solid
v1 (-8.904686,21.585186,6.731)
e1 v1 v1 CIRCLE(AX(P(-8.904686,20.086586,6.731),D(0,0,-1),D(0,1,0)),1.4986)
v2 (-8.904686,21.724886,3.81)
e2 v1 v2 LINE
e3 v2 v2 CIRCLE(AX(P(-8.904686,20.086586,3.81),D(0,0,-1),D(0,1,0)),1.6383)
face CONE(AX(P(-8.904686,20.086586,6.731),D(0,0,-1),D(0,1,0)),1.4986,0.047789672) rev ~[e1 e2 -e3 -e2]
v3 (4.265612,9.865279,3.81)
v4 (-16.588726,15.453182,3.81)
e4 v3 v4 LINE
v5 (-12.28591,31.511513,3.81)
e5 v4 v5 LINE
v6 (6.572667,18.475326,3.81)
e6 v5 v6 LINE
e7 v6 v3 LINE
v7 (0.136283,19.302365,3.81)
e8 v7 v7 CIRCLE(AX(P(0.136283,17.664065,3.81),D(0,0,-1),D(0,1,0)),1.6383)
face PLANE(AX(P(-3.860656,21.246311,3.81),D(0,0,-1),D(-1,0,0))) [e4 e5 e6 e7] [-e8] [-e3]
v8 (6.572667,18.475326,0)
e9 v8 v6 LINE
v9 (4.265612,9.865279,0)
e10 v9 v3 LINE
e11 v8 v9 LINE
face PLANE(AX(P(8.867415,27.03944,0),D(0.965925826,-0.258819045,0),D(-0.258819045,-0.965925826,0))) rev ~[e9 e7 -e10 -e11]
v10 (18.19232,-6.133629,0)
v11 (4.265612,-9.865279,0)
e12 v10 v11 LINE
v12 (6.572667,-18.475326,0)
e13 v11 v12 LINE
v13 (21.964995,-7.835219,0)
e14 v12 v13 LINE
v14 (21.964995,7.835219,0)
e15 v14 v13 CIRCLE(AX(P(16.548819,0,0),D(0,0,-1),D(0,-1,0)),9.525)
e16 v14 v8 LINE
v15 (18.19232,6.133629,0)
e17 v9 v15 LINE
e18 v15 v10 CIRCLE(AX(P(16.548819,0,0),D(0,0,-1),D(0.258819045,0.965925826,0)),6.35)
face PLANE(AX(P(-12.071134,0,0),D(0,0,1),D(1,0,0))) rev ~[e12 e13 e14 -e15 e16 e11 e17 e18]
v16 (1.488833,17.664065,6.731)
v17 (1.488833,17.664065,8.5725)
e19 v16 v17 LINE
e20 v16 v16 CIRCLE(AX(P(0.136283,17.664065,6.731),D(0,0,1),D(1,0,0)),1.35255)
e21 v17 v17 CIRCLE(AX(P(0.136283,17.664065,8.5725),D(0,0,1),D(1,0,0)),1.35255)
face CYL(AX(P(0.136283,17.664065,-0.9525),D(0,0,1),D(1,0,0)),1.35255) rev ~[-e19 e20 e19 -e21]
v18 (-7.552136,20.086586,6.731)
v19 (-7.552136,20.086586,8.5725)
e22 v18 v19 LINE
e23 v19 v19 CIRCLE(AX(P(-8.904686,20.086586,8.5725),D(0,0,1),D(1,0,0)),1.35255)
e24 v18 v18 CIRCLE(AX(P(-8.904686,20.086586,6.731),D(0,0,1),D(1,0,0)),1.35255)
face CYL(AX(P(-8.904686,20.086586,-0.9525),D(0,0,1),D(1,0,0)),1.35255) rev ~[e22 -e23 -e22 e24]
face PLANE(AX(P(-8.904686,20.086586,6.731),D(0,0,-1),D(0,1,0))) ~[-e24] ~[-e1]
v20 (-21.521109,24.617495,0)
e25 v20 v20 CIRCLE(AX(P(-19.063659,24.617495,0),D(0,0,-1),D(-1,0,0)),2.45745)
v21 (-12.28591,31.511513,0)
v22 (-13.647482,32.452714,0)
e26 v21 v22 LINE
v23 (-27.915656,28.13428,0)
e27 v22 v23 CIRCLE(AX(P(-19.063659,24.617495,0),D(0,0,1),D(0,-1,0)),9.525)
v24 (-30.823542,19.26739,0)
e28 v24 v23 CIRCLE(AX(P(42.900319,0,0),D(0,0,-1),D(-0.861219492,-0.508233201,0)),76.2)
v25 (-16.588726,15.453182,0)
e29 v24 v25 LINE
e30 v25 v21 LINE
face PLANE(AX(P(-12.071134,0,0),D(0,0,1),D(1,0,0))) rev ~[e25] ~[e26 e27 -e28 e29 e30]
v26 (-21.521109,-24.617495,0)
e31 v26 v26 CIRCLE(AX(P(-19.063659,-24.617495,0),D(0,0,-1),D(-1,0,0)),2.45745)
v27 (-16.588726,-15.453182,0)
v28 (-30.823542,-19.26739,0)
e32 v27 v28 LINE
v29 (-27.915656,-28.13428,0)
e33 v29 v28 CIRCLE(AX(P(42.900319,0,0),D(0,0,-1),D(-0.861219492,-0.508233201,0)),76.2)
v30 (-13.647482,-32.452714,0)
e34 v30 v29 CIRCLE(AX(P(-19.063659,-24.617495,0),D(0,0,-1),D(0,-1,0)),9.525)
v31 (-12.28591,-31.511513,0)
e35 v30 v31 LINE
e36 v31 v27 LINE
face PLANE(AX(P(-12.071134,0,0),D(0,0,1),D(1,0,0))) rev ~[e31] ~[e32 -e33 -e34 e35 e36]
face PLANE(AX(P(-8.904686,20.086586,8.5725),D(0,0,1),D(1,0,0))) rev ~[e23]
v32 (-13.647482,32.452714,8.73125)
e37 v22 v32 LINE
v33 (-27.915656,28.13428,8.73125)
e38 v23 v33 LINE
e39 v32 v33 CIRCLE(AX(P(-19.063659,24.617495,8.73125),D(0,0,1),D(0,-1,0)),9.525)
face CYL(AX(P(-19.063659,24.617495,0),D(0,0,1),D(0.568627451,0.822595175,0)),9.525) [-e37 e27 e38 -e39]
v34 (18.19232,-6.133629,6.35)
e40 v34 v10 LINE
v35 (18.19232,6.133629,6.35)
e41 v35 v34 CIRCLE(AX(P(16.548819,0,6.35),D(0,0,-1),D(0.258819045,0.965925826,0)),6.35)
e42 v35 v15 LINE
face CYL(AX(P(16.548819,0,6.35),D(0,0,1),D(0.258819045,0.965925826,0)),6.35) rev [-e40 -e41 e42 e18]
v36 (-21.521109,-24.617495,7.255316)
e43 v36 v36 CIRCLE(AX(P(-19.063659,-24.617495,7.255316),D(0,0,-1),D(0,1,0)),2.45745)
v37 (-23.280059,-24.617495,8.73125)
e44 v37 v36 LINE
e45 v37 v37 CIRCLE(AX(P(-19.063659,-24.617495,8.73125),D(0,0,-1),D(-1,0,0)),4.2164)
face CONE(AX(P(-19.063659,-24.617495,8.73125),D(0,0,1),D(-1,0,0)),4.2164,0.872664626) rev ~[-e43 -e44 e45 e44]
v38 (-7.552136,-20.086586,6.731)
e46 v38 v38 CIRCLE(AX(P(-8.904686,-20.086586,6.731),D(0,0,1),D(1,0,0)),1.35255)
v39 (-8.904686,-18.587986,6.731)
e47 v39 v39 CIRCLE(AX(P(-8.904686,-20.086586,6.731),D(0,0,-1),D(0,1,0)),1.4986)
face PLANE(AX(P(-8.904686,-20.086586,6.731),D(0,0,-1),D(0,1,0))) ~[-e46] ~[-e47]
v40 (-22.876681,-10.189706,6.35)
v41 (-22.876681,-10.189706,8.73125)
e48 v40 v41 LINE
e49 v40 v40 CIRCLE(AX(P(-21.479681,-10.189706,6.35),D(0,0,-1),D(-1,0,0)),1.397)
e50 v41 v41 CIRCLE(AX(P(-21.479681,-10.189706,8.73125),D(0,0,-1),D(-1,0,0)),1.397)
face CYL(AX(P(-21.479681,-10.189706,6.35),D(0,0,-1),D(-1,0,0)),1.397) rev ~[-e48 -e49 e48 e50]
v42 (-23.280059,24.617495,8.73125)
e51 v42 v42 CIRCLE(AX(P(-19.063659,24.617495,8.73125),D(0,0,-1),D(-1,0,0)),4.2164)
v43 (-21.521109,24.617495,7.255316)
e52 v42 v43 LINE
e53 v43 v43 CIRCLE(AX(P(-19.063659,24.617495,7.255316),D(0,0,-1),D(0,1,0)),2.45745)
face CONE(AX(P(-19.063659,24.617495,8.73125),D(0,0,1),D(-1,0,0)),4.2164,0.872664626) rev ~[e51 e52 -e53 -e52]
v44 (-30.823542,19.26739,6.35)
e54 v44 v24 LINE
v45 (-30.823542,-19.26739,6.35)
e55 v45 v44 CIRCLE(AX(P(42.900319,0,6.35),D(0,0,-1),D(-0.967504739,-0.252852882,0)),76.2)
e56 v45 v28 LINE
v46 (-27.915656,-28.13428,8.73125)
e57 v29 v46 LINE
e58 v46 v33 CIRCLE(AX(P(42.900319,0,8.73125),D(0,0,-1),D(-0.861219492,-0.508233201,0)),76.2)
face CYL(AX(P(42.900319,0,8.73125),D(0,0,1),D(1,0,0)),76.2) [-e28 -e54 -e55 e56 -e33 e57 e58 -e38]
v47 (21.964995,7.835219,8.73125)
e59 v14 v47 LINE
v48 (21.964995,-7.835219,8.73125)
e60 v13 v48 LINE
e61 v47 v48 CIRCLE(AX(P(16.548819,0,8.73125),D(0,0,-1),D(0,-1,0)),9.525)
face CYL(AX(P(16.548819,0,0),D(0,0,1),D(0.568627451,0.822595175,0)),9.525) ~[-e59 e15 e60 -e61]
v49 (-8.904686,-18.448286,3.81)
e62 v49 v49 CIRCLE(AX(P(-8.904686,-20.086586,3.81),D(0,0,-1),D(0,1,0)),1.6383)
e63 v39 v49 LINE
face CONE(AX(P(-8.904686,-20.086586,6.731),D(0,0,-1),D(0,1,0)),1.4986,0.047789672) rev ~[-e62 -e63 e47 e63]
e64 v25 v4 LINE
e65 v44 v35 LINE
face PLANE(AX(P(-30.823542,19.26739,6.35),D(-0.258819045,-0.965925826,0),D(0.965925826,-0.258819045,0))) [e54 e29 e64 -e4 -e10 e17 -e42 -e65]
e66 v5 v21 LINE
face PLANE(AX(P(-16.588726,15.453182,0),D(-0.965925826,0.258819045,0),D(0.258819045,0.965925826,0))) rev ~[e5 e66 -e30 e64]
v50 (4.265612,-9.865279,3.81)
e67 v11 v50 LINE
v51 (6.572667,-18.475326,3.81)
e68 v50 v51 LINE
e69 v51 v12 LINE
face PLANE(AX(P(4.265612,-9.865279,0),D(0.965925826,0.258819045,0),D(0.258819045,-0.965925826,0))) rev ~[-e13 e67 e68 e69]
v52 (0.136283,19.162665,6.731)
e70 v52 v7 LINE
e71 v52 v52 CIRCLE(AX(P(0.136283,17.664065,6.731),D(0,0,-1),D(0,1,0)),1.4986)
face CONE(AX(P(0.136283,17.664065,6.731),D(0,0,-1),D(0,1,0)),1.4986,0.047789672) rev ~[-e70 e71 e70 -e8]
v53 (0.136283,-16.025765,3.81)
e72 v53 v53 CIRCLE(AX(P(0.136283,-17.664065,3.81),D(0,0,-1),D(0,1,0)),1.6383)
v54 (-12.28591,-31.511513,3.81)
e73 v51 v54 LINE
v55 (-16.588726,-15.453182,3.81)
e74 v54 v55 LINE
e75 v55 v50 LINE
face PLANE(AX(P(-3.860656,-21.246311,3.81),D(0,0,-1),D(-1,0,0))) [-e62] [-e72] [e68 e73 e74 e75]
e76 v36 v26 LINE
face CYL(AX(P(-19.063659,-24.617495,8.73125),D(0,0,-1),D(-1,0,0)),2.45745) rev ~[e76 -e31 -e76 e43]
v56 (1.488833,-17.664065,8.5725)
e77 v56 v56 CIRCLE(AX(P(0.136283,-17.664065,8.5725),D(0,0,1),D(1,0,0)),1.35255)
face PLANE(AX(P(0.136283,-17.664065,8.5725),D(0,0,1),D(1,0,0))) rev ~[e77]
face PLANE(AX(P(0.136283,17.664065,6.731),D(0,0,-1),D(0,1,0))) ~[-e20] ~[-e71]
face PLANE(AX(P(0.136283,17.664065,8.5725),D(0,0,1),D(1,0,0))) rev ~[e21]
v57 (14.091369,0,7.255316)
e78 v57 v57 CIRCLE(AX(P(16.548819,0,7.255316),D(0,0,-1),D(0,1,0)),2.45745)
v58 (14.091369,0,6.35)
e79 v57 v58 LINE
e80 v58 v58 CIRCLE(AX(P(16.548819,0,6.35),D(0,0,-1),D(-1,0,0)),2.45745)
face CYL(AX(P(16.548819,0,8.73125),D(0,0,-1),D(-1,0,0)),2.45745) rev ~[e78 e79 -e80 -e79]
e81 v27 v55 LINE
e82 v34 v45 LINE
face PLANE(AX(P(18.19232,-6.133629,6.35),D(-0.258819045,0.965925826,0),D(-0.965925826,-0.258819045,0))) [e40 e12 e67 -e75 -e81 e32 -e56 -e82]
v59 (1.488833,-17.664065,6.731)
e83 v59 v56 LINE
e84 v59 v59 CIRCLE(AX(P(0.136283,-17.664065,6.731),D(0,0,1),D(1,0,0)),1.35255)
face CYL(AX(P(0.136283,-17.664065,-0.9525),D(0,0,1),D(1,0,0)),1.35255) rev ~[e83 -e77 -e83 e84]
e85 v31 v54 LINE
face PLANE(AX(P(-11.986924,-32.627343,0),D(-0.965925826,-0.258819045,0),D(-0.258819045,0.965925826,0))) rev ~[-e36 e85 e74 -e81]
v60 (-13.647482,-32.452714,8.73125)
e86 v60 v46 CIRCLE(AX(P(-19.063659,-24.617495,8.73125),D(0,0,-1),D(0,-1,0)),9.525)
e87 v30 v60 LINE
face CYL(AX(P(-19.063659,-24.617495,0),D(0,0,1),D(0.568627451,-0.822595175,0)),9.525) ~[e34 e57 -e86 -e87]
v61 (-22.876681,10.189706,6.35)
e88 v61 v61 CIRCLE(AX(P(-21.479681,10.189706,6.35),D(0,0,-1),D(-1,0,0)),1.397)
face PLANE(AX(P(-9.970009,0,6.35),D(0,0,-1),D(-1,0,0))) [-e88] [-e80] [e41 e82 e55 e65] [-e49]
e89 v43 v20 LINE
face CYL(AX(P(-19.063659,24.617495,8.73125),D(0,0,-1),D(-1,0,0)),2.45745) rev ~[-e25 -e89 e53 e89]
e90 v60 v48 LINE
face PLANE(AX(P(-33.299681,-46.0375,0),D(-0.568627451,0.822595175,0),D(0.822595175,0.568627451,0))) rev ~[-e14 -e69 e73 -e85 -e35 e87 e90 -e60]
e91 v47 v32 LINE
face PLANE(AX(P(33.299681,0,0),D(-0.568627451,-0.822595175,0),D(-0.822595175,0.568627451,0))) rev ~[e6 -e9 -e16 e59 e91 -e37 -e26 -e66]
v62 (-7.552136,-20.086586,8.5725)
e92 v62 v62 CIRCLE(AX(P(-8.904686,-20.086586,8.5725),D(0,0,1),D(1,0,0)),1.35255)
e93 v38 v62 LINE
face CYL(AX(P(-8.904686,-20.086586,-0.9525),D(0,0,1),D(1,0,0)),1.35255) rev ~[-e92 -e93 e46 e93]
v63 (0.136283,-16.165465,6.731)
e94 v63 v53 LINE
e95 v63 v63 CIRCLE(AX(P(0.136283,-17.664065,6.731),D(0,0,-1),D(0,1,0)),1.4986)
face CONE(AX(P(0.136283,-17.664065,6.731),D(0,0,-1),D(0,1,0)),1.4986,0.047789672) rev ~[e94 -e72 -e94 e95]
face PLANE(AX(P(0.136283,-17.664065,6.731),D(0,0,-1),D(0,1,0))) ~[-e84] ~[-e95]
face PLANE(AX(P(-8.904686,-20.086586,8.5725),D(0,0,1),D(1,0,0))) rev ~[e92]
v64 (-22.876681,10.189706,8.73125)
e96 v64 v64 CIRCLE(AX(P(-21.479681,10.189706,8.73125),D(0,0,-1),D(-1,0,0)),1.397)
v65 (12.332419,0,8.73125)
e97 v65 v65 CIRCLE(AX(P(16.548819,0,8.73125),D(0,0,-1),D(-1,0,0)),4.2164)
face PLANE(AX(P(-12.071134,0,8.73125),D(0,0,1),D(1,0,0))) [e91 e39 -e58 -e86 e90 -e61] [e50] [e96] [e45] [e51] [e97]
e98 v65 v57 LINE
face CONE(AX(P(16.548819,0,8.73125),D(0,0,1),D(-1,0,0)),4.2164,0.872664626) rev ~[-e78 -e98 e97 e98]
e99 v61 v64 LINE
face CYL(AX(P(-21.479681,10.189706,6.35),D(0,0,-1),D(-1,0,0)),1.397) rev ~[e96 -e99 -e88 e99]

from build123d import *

# Parameters (mm, degrees)
BOSS_EXTRUDE1_DEPTH                               = 8.73125
SKETCH2_R                                         = 101.6
SKETCH2_R_2                                       = 76.2
CUT_EXTRUDE1_DEPTH                                = 58.485257961
FILLET1_R                                         = 9.525
CSK_FOR_8_FLAT_HEAD_MACHINE_SCREW_100_D           = 4.9149
CSK_FOR_8_FLAT_HEAD_MACHINE_SCREW_100_CSINK_D     = 8.4328
CSK_FOR_8_FLAT_HEAD_MACHINE_SCREW_100_CSINK_ANGLE = 100
CUT_EXTRUDE2_START                                = -6.35
CUT_EXTRUDE2_DEPTH                                = 6.35
CUT_EXTRUDE3_DEPTH                                = 3.81
SKETCH7_R                                         = 1.397
CUT_EXTRUDE4_DEPTH                                = 3.175
HOLE1_AT_2_COUNT                                  = 2
HOLE1_AT_2_PITCH                                  = 9.3599
HOLE1_AT_3_COUNT                                  = 2
HOLE1_AT_3_PITCH                                  = 38.818175673
HOLE1_AT_4_COUNT                                  = 2
HOLE1_AT_4_PITCH                                  = 40.17317123
F_2_CLEARANCE_HOLE1_D                             = 2.7051
F_2_CLEARANCE_HOLE1_DEPTH                         = 4.7625


with BuildPart() as part:
    # Sketch1 → Boss-Extrude1 (new body)
    with BuildSketch(Plane.XY):
        Polygon((33.299680929, 0), (-33.299680929, 46.0375), (-33.299680929, -46.0375), align=None)
    extrude(amount=BOSS_EXTRUDE1_DEPTH)

    # Sketch2 → Cut-Extrude1 (cut, through all)
    with BuildSketch(Plane.XY.offset(8.73125)):
        with Locations((42.900319071, 0)):
            Circle(SKETCH2_R)
        with Locations((42.900319071, 0)):
            Circle(SKETCH2_R_2, mode=Mode.SUBTRACT)
    extrude(amount=-CUT_EXTRUDE1_DEPTH, mode=Mode.SUBTRACT)

    # Fillet1
    fillet1_edges = [part.edges().sort_by_distance(p)[0] for p in [
        (-22.72460624, -38.727369881, 4.365625),
        (-22.72460624, 38.727369881, 4.365625),
        (33.299680929, 0, 4.365625),
    ]]
    fillet(fillet1_edges, radius=FILLET1_R)

    # CSK for #8 Flat Head Machine Screw (100)1 (through all)
    with Locations(Plane.XY.offset(8.73125)):
        with Locations((-19.063658953, -24.617494846), (-19.063658953, 24.617494846), (16.54881886, 0)):
            CounterSinkHole(CSK_FOR_8_FLAT_HEAD_MACHINE_SCREW_100_D / 2, CSK_FOR_8_FLAT_HEAD_MACHINE_SCREW_100_CSINK_D / 2, counter_sink_angle=CSK_FOR_8_FLAT_HEAD_MACHINE_SCREW_100_CSINK_ANGLE)

    # Sketch5 → Cut-Extrude2 (cut)
    with BuildSketch(Plane(origin=(0, 0, 0), x_dir=(-1, 0, 0), z_dir=(0, 0, -1)).offset(CUT_EXTRUDE2_START)):
        with BuildLine():
            Line((30.823542048, 19.267389595), (-18.192319797, 6.133628997))
            ThreePointArc((-18.192319797, 6.133628997), (-22.89881886, 0), (-18.192319797, -6.133628997))
            Line((-18.192319797, -6.133628997), (30.823542048, -19.267389595))
            ThreePointArc((30.823542048, -19.267389595), (33.299680929, 0), (30.823542048, 19.267389595))
        make_face()
    extrude(amount=CUT_EXTRUDE2_DEPTH, mode=Mode.SUBTRACT)

    # Sketch6 → Cut-Extrude3 (cut)
    with BuildSketch(Plane(origin=(0, 0, 0), x_dir=(-1, 0, 0), z_dir=(0, 0, -1))):
        Polygon((16.588726313, -15.453182214), (-4.265612277, -9.86527903), (-8.867414899, -27.039440222), (11.986923691, -32.627343405), align=None)
        Polygon((11.986923691, 32.627343405), (-8.867414899, 27.039440222), (-4.265612277, 9.86527903), (16.588726313, 15.453182214), align=None)
    extrude(amount=-CUT_EXTRUDE3_DEPTH, mode=Mode.SUBTRACT)

    # Sketch7 → Cut-Extrude4 (cut)
    with BuildSketch(Plane(origin=(0, 0, 6.35), x_dir=(-1, 0, 0), z_dir=(0, 0, -1))):
        with Locations((21.479680921, -10.189705806)):
            Circle(SKETCH7_R)
        with Locations((21.479680921, 10.189705806)):
            Circle(SKETCH7_R)
    extrude(amount=-CUT_EXTRUDE4_DEPTH, mode=Mode.SUBTRACT)

    # Sketch9 → Hole1 (revolve, cut)
    with BuildSketch(Plane(origin=(-8.904685942, -20.086585615, 3.81), x_dir=(0, 1, 0), z_dir=(1, 0, 0))):
        Polygon((0, 0), (0, 2.921), (1.4986, 2.921), (1.6383, 0), align=None)
    hole1 = revolve(axis=Axis((-8.904685942, -20.086585615, 113.81), (0, 0, -1)), mode=Mode.SUBTRACT)

    # Hole1 at 2: Hole1 ×2
    with Locations(*[Vector(0.9659258262890683, 0.25881904510252096, 0) * (i * HOLE1_AT_2_PITCH) for i in range(1, HOLE1_AT_2_COUNT)]):
        add(hole1, mode=Mode.SUBTRACT)

    # Hole1 at 3: Hole1 ×2
    with Locations(*[Vector(0.23290556510295454, 0.9724993561664057, 0) * (i * HOLE1_AT_3_PITCH) for i in range(1, HOLE1_AT_3_COUNT)]):
        add(hole1, mode=Mode.SUBTRACT)

    # Hole1 at 4: Hole1 ×2
    with Locations(*[(0, i * HOLE1_AT_4_PITCH, 0) for i in range(1, HOLE1_AT_4_COUNT)]):
        add(hole1, mode=Mode.SUBTRACT)

    # #2 Clearance Hole1
    with Locations(Plane(origin=(0, 0, 3.81), x_dir=(-1, 0, 0), z_dir=(0, 0, -1))):
        with Locations((8.904685942, -20.086585615), (-0.136283199, -17.664065235), (-0.136283199, 17.664065235), (8.904685942, 20.086585615)):
            Hole(F_2_CLEARANCE_HOLE1_D / 2, depth=F_2_CLEARANCE_HOLE1_DEPTH)


solid = part.part
